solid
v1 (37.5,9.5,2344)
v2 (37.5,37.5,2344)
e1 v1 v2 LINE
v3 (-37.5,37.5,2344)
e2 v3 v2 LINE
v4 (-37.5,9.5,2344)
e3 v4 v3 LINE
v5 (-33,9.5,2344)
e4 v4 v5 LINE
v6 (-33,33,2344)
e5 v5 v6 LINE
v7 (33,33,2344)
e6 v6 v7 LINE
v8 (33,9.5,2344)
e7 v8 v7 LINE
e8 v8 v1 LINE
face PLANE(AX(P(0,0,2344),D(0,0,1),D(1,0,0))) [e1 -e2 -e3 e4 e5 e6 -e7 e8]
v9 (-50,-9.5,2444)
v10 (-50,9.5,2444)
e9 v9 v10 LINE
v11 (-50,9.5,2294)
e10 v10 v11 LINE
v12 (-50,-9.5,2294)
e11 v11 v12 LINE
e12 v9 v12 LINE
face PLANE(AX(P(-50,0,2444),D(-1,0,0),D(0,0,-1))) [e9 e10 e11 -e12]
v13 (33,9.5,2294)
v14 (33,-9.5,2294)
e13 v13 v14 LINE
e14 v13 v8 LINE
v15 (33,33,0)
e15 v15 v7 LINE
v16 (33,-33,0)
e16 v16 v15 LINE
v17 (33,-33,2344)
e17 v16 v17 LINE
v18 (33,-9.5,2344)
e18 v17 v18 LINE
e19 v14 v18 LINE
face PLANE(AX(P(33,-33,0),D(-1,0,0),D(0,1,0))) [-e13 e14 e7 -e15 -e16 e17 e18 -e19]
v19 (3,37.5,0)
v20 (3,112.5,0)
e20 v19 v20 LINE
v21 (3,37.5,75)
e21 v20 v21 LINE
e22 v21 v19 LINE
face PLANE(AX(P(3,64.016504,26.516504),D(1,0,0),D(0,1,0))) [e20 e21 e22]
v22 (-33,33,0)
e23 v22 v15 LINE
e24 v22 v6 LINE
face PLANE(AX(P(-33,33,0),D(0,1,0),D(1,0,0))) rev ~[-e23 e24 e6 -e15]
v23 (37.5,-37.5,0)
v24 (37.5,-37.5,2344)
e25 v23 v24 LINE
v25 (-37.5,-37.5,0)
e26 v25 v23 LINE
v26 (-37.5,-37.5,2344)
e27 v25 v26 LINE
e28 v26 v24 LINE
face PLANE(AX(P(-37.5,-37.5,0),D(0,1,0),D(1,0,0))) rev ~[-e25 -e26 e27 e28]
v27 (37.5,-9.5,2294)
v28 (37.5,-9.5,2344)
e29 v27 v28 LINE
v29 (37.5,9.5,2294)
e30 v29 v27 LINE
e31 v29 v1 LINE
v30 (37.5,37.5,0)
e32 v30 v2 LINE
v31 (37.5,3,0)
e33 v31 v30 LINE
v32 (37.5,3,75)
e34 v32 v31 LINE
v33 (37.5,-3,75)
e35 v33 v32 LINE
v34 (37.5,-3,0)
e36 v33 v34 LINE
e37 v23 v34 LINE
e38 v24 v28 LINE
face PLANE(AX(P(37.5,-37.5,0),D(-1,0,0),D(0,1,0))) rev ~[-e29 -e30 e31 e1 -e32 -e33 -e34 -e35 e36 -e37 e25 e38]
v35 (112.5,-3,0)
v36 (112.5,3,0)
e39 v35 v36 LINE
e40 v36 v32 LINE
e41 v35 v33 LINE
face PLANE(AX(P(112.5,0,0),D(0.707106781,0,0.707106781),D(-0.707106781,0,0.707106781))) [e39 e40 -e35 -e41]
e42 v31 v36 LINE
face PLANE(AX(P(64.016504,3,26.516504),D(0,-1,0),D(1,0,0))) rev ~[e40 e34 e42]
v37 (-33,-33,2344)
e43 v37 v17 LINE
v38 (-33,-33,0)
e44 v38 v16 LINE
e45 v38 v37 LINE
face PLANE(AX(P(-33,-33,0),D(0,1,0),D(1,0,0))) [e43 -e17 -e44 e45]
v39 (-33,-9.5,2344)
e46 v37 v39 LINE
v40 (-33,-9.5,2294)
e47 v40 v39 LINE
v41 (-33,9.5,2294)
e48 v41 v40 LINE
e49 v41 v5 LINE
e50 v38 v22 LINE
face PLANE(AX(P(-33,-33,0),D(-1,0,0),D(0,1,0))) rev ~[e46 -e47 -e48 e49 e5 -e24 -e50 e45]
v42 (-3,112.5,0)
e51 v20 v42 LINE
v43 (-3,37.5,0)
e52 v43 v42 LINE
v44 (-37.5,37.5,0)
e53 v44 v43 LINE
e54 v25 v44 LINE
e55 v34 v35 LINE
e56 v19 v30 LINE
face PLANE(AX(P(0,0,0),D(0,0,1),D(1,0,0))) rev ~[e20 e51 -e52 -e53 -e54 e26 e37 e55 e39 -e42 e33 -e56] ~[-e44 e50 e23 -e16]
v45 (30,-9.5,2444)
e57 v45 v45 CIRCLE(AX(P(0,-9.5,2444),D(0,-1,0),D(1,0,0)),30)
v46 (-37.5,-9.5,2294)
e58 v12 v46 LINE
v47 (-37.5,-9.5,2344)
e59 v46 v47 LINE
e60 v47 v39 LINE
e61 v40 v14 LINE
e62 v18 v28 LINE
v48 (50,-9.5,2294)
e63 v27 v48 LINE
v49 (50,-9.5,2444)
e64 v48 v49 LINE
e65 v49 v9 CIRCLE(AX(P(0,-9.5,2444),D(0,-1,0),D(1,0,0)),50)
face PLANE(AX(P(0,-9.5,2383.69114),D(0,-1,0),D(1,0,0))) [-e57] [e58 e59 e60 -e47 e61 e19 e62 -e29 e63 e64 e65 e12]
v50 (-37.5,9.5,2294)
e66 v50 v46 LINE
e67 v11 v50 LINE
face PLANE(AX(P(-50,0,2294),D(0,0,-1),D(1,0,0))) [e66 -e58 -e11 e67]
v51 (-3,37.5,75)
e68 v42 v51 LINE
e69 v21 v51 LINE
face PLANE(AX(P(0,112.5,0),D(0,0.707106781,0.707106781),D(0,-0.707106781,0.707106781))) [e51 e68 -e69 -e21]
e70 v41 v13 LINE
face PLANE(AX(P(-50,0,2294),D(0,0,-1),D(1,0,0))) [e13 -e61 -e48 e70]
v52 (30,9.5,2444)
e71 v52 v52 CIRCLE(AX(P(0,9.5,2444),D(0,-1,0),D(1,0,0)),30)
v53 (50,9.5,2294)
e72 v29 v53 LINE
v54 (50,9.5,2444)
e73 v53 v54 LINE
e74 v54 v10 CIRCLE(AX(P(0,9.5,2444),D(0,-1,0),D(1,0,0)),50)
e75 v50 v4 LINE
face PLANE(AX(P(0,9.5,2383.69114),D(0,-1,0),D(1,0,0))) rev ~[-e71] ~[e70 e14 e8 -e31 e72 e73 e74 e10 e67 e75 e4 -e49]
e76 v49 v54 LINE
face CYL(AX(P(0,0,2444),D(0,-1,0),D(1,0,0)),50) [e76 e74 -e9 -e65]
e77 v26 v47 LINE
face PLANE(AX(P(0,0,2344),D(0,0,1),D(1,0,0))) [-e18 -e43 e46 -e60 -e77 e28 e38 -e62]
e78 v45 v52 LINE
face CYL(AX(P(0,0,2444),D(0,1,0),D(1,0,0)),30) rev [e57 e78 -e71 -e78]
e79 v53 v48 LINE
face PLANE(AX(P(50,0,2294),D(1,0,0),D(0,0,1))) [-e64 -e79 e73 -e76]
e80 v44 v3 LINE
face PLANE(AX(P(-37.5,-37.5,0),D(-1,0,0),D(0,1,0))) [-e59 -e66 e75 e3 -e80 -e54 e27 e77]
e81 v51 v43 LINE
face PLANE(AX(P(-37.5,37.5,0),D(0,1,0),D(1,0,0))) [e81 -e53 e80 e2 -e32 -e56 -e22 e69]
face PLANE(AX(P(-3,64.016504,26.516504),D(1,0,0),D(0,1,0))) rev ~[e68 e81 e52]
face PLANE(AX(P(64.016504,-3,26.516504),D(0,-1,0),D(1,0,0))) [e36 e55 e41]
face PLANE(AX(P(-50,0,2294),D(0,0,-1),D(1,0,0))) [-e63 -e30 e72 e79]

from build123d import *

# Parameters (mm, degrees)
F0_W     = 75
F0_H     = 75
F0_W_2   = 66
F0_H_2   = 66
F1_DEPTH = 2344
F2_R     = 30
F3_DEPTH = 9.5
F5_DEPTH = 3
F7_DEPTH = 3


with BuildPart() as f1:
    # F0 (on Top) → F1 (new body)
    with BuildSketch(Plane.XY):
        Rectangle(F0_W, F0_H)
        Rectangle(F0_W_2, F0_H_2, mode=Mode.SUBTRACT)
    extrude(amount=F1_DEPTH)

    # F2 (on Front) → F3 (join, symmetric)
    with BuildSketch(Plane.XZ):
        with BuildLine():
            Line((-50, 2444), (-50, 2294))
            Line((-50, 2294), (50, 2294))
            Line((50, 2294), (50, 2444))
            ThreePointArc((50, 2444), (0, 2494), (-50, 2444))
        make_face()
        with Locations((0, 2444)):
            Circle(F2_R, mode=Mode.SUBTRACT)
    extrude(amount=F3_DEPTH, both=True)

    # F4 (on Front) → F5 (join, symmetric)
    with BuildSketch(Plane.XZ):
        Polygon((37.5, 75), (37.5, 0), (112.5, 0), align=None)
    extrude(amount=F5_DEPTH, both=True)

    # F6 (on Right) → F7 (join, symmetric)
    with BuildSketch(Plane.YZ):
        Polygon((37.5, 75), (37.5, 0), (112.5, 0), align=None)
    extrude(amount=F7_DEPTH, both=True)


solid = f1.part
